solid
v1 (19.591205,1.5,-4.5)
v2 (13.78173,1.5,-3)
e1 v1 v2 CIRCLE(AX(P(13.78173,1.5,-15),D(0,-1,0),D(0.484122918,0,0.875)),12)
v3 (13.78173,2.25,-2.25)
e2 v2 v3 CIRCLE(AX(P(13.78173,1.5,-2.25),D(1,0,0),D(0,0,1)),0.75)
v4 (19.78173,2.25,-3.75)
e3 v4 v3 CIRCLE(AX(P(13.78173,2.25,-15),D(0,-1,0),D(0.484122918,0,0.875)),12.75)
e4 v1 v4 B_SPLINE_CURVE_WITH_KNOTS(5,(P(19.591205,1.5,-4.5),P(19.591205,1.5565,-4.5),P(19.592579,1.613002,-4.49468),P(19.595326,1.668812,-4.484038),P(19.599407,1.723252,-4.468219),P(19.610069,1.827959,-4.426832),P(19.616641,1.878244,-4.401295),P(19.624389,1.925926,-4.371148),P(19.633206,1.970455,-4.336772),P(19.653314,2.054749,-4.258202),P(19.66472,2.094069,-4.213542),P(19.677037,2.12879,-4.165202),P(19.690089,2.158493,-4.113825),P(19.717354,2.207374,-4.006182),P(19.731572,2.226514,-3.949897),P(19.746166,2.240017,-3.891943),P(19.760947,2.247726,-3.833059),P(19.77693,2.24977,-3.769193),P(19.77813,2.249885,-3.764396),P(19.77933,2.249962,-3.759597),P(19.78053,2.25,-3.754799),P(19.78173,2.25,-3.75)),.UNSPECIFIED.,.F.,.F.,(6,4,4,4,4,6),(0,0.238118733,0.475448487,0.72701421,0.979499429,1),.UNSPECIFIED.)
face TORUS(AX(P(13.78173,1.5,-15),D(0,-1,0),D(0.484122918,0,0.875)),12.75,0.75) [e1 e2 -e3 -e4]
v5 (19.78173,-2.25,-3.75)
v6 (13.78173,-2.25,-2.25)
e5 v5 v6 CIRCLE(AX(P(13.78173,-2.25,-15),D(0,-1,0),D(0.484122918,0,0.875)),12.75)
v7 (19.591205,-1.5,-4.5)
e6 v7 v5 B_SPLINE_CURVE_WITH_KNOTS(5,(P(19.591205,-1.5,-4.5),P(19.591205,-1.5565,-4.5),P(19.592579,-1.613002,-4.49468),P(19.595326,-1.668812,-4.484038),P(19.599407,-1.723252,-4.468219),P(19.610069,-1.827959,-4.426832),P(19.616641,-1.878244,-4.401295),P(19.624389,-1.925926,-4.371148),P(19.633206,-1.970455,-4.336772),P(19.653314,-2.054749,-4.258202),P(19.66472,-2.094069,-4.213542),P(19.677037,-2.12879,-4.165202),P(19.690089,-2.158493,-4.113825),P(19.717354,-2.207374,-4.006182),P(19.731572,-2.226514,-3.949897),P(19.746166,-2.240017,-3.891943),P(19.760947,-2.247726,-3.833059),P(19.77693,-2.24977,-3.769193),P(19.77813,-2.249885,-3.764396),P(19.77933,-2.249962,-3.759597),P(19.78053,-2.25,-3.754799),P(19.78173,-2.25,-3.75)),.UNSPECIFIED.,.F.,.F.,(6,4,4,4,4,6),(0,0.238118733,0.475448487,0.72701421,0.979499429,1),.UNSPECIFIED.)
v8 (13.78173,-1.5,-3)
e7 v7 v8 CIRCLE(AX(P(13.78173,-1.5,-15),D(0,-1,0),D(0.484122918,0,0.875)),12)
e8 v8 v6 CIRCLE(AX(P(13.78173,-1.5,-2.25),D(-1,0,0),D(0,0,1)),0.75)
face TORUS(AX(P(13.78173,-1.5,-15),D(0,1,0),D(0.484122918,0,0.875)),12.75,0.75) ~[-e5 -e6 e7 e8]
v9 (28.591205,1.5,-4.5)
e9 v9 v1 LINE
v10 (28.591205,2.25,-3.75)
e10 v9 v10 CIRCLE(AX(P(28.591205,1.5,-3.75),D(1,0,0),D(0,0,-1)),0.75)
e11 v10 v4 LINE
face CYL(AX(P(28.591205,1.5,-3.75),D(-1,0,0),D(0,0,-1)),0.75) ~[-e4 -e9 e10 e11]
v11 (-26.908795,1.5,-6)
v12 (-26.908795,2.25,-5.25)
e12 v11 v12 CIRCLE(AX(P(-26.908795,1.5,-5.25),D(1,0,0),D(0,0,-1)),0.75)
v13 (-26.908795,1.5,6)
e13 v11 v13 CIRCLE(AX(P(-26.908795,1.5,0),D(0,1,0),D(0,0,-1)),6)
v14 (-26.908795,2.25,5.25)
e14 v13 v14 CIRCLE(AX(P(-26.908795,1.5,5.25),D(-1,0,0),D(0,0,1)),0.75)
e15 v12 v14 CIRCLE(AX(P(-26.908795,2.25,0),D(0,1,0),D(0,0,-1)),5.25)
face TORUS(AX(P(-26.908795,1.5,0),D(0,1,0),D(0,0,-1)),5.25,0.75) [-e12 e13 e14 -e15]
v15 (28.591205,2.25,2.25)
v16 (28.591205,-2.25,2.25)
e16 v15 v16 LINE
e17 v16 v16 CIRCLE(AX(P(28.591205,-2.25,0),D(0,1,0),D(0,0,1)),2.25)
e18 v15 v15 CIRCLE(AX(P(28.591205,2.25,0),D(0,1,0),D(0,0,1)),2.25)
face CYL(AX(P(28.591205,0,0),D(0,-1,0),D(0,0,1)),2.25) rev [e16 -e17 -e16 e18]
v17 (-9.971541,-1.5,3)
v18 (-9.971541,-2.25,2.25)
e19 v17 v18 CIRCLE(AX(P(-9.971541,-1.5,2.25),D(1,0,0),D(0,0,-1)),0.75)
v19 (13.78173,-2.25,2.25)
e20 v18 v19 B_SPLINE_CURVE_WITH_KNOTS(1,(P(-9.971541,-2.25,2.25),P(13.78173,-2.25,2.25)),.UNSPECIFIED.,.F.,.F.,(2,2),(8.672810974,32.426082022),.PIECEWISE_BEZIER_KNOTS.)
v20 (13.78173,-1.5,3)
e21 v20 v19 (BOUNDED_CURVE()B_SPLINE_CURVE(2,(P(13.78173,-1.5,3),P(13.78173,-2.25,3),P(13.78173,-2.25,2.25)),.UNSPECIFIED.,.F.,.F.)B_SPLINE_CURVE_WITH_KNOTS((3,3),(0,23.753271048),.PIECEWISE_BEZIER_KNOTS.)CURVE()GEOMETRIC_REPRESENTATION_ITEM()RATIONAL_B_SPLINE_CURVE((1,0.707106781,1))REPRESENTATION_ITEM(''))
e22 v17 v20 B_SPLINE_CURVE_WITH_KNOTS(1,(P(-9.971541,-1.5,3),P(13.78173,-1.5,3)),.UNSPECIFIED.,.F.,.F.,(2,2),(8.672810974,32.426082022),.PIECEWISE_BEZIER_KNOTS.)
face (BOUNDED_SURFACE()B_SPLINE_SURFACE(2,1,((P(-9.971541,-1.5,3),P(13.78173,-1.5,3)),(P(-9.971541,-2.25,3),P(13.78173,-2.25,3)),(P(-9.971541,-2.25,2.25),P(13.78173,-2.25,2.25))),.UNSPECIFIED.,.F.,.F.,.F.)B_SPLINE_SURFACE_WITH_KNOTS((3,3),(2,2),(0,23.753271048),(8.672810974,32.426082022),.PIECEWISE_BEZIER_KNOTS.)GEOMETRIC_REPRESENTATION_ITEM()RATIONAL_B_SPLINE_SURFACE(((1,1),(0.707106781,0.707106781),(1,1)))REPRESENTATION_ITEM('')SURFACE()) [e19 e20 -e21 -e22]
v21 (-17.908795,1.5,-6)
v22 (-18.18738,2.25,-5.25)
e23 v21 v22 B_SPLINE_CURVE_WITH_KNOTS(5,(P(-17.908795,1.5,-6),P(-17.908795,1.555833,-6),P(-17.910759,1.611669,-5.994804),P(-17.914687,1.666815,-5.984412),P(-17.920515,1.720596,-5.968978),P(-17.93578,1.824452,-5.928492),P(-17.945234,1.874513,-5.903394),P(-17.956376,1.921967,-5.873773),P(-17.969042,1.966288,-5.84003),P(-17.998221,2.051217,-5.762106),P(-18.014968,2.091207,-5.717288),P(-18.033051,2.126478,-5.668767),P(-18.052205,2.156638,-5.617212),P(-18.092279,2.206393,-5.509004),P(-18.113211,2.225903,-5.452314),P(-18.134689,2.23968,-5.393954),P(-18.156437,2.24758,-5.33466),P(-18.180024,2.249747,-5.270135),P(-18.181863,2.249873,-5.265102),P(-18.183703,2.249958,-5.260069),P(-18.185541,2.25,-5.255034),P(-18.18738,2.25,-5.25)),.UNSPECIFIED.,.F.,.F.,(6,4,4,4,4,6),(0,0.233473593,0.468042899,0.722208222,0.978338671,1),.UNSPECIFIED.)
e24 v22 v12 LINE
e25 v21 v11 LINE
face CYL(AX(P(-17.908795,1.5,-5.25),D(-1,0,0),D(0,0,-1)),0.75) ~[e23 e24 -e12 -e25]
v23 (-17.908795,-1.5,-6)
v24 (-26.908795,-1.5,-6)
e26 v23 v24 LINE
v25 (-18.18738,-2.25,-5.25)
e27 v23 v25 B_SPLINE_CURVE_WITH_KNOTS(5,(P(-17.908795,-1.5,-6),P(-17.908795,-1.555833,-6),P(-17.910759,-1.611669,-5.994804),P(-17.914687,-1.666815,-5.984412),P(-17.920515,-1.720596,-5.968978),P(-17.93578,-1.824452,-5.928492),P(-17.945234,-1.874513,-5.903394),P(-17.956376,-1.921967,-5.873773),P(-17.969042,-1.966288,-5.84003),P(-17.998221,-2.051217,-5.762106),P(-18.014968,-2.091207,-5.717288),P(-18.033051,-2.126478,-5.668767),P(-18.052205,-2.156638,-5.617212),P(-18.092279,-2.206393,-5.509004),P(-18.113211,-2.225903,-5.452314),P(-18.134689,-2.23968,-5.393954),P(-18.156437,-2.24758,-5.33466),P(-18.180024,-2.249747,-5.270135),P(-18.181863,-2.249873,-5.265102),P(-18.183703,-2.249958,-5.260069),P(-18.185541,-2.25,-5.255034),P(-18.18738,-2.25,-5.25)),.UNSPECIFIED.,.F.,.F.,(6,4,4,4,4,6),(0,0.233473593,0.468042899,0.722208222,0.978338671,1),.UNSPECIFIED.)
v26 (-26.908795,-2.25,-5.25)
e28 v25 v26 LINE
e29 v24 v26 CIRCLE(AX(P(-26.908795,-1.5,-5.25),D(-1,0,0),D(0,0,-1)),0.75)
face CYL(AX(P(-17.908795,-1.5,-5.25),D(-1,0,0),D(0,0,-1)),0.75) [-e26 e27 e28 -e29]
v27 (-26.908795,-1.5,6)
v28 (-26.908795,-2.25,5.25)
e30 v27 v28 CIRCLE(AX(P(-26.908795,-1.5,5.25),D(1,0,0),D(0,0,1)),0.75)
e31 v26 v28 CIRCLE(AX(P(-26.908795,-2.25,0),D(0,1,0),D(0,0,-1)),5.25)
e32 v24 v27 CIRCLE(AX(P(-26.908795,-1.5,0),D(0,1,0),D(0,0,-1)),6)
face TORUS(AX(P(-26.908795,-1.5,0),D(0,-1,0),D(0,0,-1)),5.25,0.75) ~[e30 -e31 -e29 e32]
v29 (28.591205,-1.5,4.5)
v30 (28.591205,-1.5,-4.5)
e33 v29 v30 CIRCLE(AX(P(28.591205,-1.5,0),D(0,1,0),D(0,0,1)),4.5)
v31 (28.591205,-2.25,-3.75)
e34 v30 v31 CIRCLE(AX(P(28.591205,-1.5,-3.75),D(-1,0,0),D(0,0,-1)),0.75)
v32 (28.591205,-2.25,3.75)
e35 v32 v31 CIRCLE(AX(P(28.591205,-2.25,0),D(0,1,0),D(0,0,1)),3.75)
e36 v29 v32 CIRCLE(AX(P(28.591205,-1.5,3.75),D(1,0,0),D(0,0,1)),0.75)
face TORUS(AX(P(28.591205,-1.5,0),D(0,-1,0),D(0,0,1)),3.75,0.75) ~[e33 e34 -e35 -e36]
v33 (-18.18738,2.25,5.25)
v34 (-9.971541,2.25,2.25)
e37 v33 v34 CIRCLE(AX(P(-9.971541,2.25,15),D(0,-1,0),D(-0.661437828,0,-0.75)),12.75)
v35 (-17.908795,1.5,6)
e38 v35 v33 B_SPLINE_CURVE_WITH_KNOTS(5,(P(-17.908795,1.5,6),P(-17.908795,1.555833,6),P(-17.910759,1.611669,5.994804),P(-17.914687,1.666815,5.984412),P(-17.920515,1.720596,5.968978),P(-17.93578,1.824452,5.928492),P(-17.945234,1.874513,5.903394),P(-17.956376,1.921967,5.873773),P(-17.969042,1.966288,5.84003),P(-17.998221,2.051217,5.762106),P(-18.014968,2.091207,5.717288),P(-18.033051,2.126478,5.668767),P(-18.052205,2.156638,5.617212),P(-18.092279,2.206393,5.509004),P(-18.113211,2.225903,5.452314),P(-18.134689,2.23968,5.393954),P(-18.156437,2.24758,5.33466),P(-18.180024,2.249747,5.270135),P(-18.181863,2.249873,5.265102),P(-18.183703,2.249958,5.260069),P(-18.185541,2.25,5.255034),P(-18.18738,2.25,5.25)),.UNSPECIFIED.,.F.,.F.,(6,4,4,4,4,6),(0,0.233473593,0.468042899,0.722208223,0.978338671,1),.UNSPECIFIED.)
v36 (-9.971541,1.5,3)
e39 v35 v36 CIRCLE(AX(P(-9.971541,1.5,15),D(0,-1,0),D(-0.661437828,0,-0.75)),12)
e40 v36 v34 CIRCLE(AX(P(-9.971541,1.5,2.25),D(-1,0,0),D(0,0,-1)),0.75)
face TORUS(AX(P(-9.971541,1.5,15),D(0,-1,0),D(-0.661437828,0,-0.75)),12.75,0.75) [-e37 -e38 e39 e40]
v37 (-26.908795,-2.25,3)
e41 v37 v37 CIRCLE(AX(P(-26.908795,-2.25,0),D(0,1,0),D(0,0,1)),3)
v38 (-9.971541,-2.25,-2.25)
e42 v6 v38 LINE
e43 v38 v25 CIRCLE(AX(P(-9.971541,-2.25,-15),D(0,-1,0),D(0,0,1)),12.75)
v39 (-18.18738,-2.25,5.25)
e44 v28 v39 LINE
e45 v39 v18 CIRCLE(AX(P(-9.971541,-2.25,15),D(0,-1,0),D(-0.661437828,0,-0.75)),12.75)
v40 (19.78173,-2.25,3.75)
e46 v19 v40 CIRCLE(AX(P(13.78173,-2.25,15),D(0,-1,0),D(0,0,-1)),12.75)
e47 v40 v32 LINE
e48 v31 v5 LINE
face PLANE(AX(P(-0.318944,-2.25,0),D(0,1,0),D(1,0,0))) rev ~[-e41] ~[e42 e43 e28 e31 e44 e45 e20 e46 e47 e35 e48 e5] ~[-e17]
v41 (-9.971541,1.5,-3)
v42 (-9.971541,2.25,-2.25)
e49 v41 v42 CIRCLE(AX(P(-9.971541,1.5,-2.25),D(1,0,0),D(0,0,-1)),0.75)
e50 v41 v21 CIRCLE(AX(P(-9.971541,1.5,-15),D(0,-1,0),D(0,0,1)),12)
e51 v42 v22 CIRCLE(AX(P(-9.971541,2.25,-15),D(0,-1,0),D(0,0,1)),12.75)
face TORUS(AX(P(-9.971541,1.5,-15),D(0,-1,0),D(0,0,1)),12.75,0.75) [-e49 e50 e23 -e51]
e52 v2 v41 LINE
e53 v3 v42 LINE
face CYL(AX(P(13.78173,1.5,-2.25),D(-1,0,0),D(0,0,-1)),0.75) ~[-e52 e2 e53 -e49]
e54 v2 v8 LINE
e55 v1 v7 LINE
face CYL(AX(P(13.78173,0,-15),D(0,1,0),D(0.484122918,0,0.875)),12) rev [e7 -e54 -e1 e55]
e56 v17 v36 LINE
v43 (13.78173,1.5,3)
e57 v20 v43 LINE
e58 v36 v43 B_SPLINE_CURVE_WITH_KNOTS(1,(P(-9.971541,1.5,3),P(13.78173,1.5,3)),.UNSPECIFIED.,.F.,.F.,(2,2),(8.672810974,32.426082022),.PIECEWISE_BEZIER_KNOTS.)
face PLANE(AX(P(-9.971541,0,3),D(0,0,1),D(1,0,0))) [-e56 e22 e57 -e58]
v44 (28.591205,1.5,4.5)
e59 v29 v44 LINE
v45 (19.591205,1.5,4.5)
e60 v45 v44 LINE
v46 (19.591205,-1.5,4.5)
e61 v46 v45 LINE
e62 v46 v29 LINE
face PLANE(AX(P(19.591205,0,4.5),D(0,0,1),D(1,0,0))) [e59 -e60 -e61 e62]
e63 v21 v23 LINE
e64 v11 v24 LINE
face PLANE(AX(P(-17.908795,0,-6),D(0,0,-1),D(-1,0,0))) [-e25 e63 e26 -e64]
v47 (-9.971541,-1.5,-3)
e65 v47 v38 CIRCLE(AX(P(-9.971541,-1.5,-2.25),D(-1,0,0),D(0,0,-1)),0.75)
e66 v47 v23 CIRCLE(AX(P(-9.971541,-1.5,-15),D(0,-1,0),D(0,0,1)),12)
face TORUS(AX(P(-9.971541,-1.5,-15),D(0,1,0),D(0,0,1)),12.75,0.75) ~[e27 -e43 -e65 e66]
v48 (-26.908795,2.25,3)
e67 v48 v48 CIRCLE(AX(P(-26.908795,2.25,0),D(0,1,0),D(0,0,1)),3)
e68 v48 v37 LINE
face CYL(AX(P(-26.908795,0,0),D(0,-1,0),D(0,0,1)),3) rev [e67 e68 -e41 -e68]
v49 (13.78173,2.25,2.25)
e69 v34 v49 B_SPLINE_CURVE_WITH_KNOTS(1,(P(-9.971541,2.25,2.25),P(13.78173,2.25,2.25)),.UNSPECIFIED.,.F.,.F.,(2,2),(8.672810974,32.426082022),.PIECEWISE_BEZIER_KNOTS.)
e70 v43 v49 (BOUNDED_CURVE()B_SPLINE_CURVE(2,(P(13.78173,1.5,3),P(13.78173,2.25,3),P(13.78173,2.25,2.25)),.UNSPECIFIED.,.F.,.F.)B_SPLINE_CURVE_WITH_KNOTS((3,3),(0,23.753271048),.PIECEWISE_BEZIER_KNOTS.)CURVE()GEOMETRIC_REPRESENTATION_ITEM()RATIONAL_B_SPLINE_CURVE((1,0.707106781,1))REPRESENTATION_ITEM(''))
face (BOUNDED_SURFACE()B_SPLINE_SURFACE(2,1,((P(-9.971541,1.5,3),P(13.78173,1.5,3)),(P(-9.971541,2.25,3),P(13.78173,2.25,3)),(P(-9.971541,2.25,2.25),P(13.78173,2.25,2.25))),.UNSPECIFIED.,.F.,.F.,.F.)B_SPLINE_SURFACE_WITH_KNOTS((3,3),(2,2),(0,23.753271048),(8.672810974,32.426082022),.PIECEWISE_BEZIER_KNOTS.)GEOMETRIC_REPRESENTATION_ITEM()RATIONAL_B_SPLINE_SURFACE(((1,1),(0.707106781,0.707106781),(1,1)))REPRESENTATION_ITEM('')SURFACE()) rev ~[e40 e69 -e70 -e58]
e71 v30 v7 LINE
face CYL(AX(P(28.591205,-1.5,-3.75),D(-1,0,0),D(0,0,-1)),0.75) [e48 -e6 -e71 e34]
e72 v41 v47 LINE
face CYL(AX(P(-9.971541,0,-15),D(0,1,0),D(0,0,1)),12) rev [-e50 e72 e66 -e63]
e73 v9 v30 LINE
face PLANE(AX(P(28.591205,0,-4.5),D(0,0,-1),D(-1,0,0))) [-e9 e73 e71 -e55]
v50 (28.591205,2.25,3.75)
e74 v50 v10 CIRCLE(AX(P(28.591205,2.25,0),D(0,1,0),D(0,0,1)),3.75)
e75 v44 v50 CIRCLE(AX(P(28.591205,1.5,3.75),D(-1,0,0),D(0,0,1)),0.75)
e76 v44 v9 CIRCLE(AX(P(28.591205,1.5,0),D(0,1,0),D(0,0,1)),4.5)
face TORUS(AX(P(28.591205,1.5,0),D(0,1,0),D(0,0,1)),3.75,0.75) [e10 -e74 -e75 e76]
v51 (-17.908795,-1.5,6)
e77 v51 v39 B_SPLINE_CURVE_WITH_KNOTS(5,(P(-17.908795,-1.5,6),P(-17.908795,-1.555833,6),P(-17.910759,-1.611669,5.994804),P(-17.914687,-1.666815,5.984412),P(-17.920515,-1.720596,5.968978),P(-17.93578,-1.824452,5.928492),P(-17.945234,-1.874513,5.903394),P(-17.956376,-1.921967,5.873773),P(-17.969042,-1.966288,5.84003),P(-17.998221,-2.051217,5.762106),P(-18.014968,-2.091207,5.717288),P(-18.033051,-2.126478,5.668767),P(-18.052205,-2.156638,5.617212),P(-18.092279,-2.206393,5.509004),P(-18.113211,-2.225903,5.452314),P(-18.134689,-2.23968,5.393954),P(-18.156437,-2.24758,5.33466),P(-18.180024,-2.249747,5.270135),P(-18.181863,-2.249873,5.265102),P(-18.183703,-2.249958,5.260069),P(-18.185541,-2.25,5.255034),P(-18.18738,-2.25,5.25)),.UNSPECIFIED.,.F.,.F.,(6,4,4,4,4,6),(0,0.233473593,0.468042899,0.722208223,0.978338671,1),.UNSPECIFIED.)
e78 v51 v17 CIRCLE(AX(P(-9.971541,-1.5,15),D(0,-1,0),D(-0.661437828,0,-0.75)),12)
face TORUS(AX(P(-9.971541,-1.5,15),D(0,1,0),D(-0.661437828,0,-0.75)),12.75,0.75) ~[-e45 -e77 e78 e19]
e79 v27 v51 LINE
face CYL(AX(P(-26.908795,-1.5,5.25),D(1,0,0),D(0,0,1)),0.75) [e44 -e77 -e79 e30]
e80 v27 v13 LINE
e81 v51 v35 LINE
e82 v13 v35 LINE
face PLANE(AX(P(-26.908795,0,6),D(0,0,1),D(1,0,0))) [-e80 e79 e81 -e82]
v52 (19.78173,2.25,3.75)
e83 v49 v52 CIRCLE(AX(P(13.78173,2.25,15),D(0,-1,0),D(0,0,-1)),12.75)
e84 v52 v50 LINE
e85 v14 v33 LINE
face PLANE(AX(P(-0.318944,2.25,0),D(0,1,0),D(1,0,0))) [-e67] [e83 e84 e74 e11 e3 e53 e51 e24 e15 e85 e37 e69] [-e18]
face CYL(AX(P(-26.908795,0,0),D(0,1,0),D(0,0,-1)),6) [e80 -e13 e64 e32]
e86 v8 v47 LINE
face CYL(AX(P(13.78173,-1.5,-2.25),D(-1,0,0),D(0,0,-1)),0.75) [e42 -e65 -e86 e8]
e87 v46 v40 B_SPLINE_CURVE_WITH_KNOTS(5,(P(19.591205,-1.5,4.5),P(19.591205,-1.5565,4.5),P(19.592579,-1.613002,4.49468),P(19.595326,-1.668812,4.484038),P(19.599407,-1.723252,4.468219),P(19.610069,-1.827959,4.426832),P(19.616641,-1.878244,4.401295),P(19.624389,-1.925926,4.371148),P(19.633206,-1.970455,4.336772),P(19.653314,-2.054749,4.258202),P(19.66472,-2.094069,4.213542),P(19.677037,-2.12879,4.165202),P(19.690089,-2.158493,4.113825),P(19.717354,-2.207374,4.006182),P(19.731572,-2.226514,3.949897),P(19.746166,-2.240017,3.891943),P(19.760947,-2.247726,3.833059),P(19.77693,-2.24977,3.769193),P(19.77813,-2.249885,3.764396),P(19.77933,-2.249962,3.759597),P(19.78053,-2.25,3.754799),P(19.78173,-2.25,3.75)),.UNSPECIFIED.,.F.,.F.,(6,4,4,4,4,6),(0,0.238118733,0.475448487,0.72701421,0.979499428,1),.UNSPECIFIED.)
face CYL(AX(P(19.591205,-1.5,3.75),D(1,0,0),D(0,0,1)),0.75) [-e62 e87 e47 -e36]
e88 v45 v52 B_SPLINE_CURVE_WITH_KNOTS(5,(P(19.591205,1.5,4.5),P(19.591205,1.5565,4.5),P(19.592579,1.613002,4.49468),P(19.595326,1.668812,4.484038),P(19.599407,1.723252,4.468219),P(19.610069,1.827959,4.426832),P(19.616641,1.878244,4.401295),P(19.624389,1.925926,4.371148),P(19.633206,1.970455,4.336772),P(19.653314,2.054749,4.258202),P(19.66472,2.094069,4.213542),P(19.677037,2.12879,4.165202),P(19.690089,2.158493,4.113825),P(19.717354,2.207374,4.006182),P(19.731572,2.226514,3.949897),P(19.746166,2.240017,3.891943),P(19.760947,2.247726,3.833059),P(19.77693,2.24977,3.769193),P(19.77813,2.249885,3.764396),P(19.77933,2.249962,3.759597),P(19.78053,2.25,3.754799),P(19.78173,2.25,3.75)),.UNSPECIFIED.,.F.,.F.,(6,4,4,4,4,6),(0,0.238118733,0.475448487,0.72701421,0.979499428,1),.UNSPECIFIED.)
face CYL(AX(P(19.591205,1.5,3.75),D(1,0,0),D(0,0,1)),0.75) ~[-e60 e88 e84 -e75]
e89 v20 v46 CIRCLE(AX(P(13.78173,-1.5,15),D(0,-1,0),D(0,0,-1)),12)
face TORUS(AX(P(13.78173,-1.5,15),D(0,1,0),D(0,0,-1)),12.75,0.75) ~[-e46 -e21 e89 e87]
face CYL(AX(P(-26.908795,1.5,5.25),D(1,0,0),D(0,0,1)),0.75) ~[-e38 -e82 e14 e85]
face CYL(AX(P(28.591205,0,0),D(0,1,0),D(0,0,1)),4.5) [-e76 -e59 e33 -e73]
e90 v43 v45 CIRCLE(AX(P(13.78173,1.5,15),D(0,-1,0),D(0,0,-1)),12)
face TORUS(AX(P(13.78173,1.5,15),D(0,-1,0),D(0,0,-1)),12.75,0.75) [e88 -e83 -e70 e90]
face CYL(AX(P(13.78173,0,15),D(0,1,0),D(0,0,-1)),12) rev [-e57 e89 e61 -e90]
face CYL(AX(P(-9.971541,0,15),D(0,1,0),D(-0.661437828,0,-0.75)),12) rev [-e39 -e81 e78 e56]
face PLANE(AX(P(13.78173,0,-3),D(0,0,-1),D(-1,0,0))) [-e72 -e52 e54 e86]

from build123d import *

# Parameters (mm, degrees)
SKETCH1_R           = 2
SKETCH1_R_2         = 1.5
BOSS_EXTRUDE1_DEPTH = 1.5
SCALE1_SCALE        = 1.5
FILLET1_R           = 0.75


with BuildPart() as part:
    # Sketch1 → Boss-Extrude1 (new, symmetric)
    with BuildSketch(Plane(origin=(0, 0, 0), x_dir=(1, 0, 0), z_dir=(0, 1, 0))):
        with BuildLine():
            ThreePointArc((-18.5, 4), (-22.5, 0), (-18.5, -4))
            Line((-18.5, -4), (-12.5, -4))
            ThreePointArc((-12.5, -4), (-10.036924503, -2.516685226), (-7.208497378, -2))
            Line((-7.208497378, -2), (8.627016654, -2))
            ThreePointArc((8.627016654, -2), (10.627016654, -2.254033308), (12.5, -3))
            Line((12.5, -3), (18.5, -3))
            ThreePointArc((18.5, -3), (21.5, 0), (18.5, 3))
            Line((18.5, 3), (12.5, 3))
            ThreePointArc((12.5, 3), (10.627016654, 2.254033308), (8.627016654, 2))
            Line((8.627016654, 2), (-7.208497378, 2))
            ThreePointArc((-7.208497378, 2), (-10.036924503, 2.516685226), (-12.5, 4))
            Line((-12.5, 4), (-18.5, 4))
        make_face()
        with Locations(Location((-18.5, 0, 0), (0, 0, 270))):
            Circle(SKETCH1_R, mode=Mode.SUBTRACT)
        with Locations(Location((18.5, 0, 0), (0, 0, 270))):
            Circle(SKETCH1_R_2, mode=Mode.SUBTRACT)
    extrude(amount=BOSS_EXTRUDE1_DEPTH, both=True)


with BuildPart() as part_1:
    # Scale1: scaled about (-1.682409561, 0, 0)
    add(part.part.scale(SCALE1_SCALE).moved(Location((0.841204781, 0, 0))))

    # Fillet1
    fillet1_edges = [part_1.edges().sort_by_distance(p)[0] for p in [
        (33.09120478, 2.25, 0),
        (24.091204781, 2.25, -4.5),
        (16.781729761, -2.25, 3.381049961),
        (1.905094237, -2.25, 3),
        (-14.214181973, -2.25, 3.77502784),
        (-22.408795219, -2.25, 6),
        (-32.908795219, -2.25, 0),
        (-22.408795219, -2.25, -6),
        (-14.214181973, -2.25, -3.77502784),
        (1.905094237, -2.25, -3),
        (16.781729761, -2.25, -3.381049961),
        (24.091204781, -2.25, -4.5),
        (16.781729761, 2.25, -3.381049961),
        (33.09120478, -2.25, 0),
        (24.091204781, -2.25, 4.5),
        (1.905094237, 2.25, -3),
        (-14.214181973, 2.25, -3.77502784),
        (-22.408795219, 2.25, -6),
        (-32.908795219, 2.25, 0),
        (-22.408795219, 2.25, 6),
        (-14.214181973, 2.25, 3.77502784),
        (1.905094237, 2.25, 3),
        (16.781729761, 2.25, 3.381049961),
        (24.091204781, 2.25, 4.5),
    ]]
    fillet(fillet1_edges, radius=FILLET1_R)


solid = part_1.part
